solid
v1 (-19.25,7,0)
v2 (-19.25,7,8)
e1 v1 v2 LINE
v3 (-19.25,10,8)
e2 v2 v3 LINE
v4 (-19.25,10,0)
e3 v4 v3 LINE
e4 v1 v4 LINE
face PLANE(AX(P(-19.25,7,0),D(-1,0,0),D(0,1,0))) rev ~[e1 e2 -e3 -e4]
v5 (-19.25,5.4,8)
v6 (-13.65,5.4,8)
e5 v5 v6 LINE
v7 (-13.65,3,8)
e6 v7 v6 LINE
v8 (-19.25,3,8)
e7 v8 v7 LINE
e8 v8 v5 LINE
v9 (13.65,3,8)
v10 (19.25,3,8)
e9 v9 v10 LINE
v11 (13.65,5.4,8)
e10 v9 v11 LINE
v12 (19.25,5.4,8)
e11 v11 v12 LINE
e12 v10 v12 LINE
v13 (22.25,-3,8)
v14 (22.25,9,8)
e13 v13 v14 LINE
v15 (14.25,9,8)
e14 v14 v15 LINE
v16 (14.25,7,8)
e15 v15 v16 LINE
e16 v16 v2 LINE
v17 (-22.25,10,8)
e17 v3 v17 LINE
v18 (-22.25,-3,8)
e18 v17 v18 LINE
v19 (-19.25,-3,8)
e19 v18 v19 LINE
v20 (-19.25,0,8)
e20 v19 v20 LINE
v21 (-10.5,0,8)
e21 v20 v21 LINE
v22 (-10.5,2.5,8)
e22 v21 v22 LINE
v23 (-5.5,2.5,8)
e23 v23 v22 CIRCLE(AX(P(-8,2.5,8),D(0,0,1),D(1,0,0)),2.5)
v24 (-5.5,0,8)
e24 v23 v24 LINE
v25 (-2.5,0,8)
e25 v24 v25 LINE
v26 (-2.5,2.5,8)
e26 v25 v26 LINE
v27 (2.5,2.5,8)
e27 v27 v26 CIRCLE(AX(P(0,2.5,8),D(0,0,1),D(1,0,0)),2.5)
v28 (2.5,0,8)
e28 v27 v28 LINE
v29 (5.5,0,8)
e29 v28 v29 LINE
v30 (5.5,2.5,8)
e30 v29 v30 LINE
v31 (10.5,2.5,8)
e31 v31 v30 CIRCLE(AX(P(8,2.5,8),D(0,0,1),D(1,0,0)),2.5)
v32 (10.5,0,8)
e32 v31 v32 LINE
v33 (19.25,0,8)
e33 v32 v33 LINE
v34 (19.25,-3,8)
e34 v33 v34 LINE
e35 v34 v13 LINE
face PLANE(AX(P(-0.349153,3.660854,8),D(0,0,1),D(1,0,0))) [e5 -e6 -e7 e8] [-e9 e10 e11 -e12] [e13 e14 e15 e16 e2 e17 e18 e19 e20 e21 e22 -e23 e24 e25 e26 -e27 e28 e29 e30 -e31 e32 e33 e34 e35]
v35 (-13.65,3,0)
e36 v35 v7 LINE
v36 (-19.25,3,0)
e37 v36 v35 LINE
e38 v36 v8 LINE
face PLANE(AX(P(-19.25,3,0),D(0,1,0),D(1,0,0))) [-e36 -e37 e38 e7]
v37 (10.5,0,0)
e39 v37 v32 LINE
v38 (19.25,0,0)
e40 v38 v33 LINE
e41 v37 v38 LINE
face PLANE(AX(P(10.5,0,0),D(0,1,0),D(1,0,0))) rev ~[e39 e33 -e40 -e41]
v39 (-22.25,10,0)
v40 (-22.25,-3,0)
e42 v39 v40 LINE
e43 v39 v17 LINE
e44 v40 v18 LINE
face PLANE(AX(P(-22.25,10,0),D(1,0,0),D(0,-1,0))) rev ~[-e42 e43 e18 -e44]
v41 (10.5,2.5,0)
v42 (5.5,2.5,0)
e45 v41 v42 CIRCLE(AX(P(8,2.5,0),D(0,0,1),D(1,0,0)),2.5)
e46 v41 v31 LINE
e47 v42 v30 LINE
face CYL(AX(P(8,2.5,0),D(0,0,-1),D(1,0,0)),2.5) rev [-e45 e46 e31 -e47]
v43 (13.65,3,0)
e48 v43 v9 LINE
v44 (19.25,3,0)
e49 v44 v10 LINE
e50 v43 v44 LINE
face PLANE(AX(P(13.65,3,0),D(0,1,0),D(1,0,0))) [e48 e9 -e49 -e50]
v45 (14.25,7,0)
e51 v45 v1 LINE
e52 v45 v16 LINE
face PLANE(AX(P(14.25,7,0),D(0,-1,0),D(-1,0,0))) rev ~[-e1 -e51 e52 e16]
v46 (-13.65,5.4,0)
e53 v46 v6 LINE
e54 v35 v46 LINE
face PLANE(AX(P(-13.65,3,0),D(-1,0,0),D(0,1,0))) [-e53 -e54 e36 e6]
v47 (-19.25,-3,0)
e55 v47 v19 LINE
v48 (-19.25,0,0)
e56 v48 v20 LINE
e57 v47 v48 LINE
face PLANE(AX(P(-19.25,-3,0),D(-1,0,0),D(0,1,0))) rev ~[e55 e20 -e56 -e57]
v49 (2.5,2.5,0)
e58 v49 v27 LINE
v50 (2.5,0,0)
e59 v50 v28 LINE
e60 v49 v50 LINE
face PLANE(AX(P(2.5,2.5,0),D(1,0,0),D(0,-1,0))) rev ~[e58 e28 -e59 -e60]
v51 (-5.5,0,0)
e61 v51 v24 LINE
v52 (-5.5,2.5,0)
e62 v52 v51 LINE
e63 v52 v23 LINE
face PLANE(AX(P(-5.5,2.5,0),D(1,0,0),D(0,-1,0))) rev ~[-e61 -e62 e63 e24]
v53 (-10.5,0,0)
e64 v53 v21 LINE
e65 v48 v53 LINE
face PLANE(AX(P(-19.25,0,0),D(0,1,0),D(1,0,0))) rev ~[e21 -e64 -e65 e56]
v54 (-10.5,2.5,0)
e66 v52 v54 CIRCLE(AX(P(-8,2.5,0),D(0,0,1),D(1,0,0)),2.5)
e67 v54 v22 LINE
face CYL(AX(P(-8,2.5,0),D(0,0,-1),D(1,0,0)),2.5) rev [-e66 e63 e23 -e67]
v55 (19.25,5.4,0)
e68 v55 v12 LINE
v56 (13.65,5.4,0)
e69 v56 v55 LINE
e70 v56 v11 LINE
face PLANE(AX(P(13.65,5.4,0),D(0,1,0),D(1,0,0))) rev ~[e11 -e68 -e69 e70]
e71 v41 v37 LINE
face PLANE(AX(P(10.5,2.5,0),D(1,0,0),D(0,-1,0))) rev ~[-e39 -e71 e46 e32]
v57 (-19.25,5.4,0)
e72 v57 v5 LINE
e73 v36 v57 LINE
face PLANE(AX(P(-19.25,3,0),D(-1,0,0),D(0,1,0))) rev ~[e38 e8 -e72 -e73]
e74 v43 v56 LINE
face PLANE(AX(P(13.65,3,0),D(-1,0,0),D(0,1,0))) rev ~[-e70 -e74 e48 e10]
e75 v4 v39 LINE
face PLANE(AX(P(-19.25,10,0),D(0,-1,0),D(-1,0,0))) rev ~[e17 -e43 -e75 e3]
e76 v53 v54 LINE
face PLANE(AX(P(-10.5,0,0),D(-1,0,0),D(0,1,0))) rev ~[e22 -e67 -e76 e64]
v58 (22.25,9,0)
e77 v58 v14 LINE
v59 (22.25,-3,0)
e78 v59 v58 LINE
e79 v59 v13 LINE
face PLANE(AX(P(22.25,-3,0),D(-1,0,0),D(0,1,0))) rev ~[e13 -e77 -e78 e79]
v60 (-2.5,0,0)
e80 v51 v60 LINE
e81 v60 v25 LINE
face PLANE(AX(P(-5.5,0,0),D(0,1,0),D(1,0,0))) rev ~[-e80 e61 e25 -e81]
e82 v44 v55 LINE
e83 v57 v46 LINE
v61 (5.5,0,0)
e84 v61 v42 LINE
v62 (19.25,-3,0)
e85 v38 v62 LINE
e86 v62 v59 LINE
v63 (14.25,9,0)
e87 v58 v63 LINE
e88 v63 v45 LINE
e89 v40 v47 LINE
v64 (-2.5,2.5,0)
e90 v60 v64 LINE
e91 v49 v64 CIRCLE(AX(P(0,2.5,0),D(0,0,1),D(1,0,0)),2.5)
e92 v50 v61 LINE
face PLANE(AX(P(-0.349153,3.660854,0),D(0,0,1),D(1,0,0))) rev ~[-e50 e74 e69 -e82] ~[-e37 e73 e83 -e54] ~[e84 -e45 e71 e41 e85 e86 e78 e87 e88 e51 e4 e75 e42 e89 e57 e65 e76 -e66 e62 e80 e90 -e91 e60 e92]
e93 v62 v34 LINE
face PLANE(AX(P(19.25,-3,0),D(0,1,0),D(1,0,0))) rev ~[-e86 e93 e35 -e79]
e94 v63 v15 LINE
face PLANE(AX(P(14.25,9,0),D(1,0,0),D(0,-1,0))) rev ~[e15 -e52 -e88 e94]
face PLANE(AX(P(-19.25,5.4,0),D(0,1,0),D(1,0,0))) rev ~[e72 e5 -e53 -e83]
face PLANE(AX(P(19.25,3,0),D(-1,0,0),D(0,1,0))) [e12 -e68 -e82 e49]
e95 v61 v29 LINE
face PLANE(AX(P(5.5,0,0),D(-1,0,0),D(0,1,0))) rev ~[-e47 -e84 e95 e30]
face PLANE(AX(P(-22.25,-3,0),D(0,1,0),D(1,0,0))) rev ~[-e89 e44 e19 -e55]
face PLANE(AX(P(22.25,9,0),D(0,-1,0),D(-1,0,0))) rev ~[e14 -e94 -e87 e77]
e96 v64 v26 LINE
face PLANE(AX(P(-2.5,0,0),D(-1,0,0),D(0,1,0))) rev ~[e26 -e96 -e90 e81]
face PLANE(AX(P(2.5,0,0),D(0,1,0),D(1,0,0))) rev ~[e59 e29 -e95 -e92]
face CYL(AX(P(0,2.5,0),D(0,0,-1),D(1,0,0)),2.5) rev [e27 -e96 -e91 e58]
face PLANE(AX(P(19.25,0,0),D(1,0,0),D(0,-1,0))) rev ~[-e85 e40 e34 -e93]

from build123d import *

# Parameters (mm, degrees)
SKETCH_W  = 5.6
SKETCH_H  = 2.4
PAD_DEPTH = 8


with BuildPart() as part:
    # Sketch → Pad (new body)
    with BuildSketch(Plane.XY):
        with BuildLine():
            Line((-22.25, -3), (-19.25, -3))
            Line((-19.25, -3), (-19.25, 0))
            Line((-19.25, 0), (-10.5, 0))
            Line((-10.5, 0), (-10.5, 2.5))
            ThreePointArc((-5.5, 2.5), (-8, 5), (-10.5, 2.5))
            Line((-5.5, 2.5), (-5.5, 0))
            Line((-5.5, 0), (-2.5, 0))
            Line((-2.5, 0), (-2.5, 2.5))
            ThreePointArc((2.5, 2.5), (0, 5), (-2.5, 2.5))
            Line((2.5, 2.5), (2.5, 0))
            Line((2.5, 0), (5.5, 0))
            Line((5.5, 0), (5.5, 2.5))
            ThreePointArc((10.5, 2.5), (8, 5), (5.5, 2.5))
            Line((10.5, 2.5), (10.5, 0))
            Line((10.5, 0), (19.25, 0))
            Line((19.25, 0), (19.25, -3))
            Line((19.25, -3), (22.25, -3))
            Line((22.25, -3), (22.25, 9))
            Line((22.25, 9), (14.25, 9))
            Line((14.25, 9), (14.25, 7))
            Line((14.25, 7), (-19.25, 7))
            Line((-19.25, 7), (-19.25, 10))
            Line((-19.25, 10), (-22.25, 10))
            Line((-22.25, 10), (-22.25, -3))
        make_face()
        with Locations((-16.45, 4.2)):
            Rectangle(SKETCH_W, SKETCH_H, mode=Mode.SUBTRACT)
        with Locations((16.45, 4.2)):
            Rectangle(SKETCH_W, SKETCH_H, mode=Mode.SUBTRACT)
    extrude(amount=PAD_DEPTH)


solid = part.part
